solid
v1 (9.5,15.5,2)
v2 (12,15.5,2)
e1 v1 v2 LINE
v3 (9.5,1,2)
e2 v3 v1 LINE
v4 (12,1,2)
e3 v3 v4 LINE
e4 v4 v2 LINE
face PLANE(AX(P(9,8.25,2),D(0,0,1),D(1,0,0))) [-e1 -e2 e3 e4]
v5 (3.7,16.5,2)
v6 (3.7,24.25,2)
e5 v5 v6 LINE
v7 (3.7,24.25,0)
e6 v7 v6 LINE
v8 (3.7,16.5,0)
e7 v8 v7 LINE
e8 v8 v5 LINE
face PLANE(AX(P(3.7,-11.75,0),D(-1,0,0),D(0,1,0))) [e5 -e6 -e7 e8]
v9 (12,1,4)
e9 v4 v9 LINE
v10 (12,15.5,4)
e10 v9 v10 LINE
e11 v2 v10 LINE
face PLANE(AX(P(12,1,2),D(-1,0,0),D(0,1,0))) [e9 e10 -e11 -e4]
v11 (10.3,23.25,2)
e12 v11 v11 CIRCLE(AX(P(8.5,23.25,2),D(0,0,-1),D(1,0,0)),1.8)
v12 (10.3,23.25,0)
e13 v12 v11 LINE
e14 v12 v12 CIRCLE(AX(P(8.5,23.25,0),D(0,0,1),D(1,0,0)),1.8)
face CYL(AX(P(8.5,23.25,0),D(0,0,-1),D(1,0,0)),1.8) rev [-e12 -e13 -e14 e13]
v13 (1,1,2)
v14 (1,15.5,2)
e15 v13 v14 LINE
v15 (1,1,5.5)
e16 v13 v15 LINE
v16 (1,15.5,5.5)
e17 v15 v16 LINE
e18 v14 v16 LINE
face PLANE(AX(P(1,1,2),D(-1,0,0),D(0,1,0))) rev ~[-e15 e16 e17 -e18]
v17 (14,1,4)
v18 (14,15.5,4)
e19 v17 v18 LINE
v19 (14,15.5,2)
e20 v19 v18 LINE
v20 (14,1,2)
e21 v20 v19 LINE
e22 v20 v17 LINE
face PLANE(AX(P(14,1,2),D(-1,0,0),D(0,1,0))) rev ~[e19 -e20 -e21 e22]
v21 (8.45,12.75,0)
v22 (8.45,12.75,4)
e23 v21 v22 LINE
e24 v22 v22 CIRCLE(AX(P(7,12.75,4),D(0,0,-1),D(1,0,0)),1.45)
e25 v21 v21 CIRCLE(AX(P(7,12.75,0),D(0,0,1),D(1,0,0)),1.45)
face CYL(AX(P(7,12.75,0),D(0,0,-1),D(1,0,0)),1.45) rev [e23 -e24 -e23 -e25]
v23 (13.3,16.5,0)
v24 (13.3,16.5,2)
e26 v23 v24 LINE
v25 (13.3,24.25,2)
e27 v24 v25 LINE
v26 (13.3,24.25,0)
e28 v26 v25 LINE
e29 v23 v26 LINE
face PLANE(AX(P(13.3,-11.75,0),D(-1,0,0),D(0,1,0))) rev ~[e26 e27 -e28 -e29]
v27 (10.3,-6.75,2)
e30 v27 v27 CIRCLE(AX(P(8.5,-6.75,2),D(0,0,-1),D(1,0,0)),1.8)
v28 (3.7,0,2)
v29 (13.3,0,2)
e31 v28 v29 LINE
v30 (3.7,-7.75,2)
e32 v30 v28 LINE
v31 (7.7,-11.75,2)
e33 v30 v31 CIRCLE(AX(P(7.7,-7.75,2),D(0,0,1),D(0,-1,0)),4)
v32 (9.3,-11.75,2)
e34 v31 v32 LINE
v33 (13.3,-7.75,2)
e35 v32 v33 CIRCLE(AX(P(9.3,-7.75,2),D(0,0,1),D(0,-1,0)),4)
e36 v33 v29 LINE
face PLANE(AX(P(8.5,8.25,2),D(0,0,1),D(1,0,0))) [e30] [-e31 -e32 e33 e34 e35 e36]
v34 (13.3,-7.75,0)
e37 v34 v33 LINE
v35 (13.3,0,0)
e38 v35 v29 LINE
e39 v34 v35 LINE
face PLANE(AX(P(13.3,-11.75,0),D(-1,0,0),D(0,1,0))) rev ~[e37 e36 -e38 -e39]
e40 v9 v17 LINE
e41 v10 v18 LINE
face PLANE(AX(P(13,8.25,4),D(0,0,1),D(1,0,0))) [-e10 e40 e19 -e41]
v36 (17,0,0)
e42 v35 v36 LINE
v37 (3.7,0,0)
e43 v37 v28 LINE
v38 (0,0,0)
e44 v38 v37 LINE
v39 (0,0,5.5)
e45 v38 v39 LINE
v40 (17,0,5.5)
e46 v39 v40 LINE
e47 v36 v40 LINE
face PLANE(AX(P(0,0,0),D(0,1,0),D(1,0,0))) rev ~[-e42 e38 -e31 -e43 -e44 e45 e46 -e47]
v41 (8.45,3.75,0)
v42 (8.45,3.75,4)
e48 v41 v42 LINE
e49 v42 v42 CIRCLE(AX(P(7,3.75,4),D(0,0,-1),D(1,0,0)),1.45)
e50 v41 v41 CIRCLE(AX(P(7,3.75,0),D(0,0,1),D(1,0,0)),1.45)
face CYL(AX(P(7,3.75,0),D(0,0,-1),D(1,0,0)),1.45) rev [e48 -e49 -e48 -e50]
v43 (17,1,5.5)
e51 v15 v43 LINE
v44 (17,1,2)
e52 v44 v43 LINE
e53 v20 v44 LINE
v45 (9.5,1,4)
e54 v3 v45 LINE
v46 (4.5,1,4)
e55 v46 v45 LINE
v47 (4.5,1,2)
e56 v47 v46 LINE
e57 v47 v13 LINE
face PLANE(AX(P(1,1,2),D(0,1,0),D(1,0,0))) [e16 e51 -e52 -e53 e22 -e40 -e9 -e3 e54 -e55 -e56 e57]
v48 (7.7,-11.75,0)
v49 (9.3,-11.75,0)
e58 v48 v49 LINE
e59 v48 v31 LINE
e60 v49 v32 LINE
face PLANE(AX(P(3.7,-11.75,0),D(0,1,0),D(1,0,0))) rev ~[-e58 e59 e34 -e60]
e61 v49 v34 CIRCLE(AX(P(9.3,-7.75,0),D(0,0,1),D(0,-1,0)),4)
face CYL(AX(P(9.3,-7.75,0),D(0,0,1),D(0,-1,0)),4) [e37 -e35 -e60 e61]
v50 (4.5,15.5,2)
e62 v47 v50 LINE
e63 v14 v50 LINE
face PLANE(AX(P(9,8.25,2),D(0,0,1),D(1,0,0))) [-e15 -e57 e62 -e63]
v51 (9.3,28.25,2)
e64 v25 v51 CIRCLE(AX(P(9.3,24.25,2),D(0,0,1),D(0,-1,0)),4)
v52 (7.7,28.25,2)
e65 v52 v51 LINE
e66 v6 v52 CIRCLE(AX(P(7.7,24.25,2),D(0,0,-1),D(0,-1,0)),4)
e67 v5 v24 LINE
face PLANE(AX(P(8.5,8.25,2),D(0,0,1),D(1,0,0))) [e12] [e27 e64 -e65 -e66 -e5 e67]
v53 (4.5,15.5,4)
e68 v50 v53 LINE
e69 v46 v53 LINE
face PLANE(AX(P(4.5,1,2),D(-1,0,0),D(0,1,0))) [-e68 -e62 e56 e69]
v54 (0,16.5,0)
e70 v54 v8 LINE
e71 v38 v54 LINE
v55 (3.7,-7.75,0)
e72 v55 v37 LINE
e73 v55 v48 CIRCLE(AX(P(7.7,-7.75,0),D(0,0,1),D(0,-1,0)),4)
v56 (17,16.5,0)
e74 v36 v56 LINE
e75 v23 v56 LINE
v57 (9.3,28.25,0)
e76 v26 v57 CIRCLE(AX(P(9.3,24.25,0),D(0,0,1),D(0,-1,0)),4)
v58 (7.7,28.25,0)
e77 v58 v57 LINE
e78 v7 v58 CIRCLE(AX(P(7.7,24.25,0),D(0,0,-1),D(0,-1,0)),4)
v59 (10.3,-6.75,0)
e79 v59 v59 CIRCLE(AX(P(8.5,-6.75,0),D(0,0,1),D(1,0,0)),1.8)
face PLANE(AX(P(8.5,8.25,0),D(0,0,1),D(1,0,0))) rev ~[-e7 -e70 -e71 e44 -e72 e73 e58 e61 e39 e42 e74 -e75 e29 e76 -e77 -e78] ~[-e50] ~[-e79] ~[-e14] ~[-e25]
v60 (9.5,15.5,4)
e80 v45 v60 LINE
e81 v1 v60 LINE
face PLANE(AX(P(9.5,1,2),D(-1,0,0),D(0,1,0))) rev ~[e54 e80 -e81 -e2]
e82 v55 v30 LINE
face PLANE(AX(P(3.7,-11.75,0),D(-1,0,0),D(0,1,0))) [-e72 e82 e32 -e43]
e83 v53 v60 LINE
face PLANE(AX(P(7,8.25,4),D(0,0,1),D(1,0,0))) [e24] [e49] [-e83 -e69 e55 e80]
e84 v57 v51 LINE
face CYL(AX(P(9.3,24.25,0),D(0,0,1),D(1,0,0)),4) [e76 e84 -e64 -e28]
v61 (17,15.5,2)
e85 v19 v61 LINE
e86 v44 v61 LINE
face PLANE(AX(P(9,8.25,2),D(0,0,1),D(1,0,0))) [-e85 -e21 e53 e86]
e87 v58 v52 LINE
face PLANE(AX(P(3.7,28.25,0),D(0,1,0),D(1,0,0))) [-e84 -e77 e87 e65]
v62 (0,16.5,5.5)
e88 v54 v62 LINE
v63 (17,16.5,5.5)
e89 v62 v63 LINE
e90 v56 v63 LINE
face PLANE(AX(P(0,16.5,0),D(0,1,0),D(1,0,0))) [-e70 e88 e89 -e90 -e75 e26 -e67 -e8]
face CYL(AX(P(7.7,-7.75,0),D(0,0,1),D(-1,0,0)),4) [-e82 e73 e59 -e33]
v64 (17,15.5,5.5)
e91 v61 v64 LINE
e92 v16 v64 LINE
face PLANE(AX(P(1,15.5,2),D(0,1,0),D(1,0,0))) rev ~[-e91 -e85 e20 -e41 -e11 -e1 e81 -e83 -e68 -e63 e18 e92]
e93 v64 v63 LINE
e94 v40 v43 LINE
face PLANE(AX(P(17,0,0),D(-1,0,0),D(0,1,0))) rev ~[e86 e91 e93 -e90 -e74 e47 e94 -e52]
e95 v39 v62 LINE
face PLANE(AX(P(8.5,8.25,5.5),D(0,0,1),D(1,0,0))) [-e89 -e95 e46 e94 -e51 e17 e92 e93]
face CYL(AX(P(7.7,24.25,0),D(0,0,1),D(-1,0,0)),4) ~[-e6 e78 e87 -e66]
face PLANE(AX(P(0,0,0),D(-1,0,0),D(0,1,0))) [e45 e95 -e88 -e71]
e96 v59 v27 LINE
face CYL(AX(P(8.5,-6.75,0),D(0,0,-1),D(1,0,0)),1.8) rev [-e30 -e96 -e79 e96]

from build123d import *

# Parameters (mm, degrees)
CYLINDER_R        = 1.45
CYLINDER_DEPTH    = 20
ARRAY_Y_COUNT     = 2
ARRAY_Y_PITCH     = 9
BOX002_W          = 5
BOX002_H          = 14.5
BOX002_DEPTH      = 2
BOX003_W          = 2
BOX003_H          = 14.5
BOX003_DEPTH      = 2
CYLINDER001_R     = 1.8
CYLINDER001_DEPTH = 10
ARRAY002_Y_COUNT  = 2
ARRAY002_Y_PITCH  = 30
BOX004_W          = 9.6
BOX004_H          = 40
BOX004_DEPTH      = 2
FILLET_R          = 4
BOX001_W          = 16
BOX001_H          = 14.5
BOX001_DEPTH      = 3.5
BOX_W             = 17
BOX_H             = 16.5
BOX_DEPTH         = 5.5


with BuildPart() as hole_array:
    # Cylinder → Cylinder (new body)
    with BuildSketch(Plane(origin=(7, 3.75, 0), x_dir=(1, 0, 0), z_dir=(0, 0, 1))):
        Circle(CYLINDER_R)
    extrude(amount=CYLINDER_DEPTH)

    # Array Y: hole array ×2


with BuildPart() as hole_array_1:
    add(hole_array.part)
    with Locations(*[(0, i * ARRAY_Y_PITCH, 0) for i in range(1, ARRAY_Y_COUNT)]):
        add(hole_array.part)


with BuildPart() as hole_stand_cube:
    # Box002 → Box002 (new body)
    with BuildSketch(Plane(origin=(4.5, 1, 2), x_dir=(1, 0, 0), z_dir=(0, 0, 1))):
        with Locations((2.5, 7.25)):
            Rectangle(BOX002_W, BOX002_H)
    extrude(amount=BOX002_DEPTH)


with BuildPart() as underplate_cube:
    # Box003 → Box003 (new body)
    with BuildSketch(Plane(origin=(12, 1, 2), x_dir=(1, 0, 0), z_dir=(0, 0, 1))):
        with Locations((1, 7.25)):
            Rectangle(BOX003_W, BOX003_H)
    extrude(amount=BOX003_DEPTH)


with BuildPart() as attach_hole_array:
    # Cylinder001 → Cylinder001 (new body)
    with BuildSketch(Plane(origin=(4.8, 5, 0), x_dir=(1, 0, 0), z_dir=(0, 0, 1))):
        Circle(CYLINDER001_R)
    extrude(amount=CYLINDER001_DEPTH)

    # Array002 Y: attach hole array ×2


with BuildPart() as attach_hole_array_1:
    add(attach_hole_array.part)
    with Locations(*[(0, i * ARRAY002_Y_PITCH, 0) for i in range(1, ARRAY002_Y_COUNT)]):
        add(attach_hole_array.part)


with BuildPart() as attach_plane:
    # Box004 → Box004 (new body)
    with BuildSketch(Plane.XY):
        with Locations((4.8, 20)):
            Rectangle(BOX004_W, BOX004_H)
    extrude(amount=BOX004_DEPTH)

    # Fillet
    fillet_edges = [attach_plane.edges().sort_by_distance(p)[0] for p in [
        (0, 0, 1),
        (0, 40, 1),
        (9.6, 0, 1),
        (9.6, 40, 1),
    ]]
    fillet(fillet_edges, radius=FILLET_R)

    # Cut002: cut attach hole array
    add(attach_hole_array_1.part, mode=Mode.SUBTRACT)


with BuildPart() as attach_plane_1:
    # Cut002 placement: moved
    add(attach_plane.part.moved(Location((3.7, -11.75, 0))))


with BuildPart() as bottom_cube_extract:
    # Box001 → Box001 (new body)
    with BuildSketch(Plane(origin=(1, 1, 2), x_dir=(1, 0, 0), z_dir=(0, 0, 1))):
        with Locations((8, 7.25)):
            Rectangle(BOX001_W, BOX001_H)
    extrude(amount=BOX001_DEPTH)


with BuildPart() as microusb_upper_cut:
    # Box → Box (new body)
    with BuildSketch(Plane.XY):
        with Locations((8.5, 8.25)):
            Rectangle(BOX_W, BOX_H)
    extrude(amount=BOX_DEPTH)

    # Cut: cut bottom cube extract
    add(bottom_cube_extract.part, mode=Mode.SUBTRACT)

    # Fusion: union hole stand cube, underplate cube, attach plane
    add(hole_stand_cube.part)
    add(underplate_cube.part)
    add(attach_plane_1.part)

    # Cut001: cut hole array
    add(hole_array_1.part, mode=Mode.SUBTRACT)


solid = microusb_upper_cut.part
